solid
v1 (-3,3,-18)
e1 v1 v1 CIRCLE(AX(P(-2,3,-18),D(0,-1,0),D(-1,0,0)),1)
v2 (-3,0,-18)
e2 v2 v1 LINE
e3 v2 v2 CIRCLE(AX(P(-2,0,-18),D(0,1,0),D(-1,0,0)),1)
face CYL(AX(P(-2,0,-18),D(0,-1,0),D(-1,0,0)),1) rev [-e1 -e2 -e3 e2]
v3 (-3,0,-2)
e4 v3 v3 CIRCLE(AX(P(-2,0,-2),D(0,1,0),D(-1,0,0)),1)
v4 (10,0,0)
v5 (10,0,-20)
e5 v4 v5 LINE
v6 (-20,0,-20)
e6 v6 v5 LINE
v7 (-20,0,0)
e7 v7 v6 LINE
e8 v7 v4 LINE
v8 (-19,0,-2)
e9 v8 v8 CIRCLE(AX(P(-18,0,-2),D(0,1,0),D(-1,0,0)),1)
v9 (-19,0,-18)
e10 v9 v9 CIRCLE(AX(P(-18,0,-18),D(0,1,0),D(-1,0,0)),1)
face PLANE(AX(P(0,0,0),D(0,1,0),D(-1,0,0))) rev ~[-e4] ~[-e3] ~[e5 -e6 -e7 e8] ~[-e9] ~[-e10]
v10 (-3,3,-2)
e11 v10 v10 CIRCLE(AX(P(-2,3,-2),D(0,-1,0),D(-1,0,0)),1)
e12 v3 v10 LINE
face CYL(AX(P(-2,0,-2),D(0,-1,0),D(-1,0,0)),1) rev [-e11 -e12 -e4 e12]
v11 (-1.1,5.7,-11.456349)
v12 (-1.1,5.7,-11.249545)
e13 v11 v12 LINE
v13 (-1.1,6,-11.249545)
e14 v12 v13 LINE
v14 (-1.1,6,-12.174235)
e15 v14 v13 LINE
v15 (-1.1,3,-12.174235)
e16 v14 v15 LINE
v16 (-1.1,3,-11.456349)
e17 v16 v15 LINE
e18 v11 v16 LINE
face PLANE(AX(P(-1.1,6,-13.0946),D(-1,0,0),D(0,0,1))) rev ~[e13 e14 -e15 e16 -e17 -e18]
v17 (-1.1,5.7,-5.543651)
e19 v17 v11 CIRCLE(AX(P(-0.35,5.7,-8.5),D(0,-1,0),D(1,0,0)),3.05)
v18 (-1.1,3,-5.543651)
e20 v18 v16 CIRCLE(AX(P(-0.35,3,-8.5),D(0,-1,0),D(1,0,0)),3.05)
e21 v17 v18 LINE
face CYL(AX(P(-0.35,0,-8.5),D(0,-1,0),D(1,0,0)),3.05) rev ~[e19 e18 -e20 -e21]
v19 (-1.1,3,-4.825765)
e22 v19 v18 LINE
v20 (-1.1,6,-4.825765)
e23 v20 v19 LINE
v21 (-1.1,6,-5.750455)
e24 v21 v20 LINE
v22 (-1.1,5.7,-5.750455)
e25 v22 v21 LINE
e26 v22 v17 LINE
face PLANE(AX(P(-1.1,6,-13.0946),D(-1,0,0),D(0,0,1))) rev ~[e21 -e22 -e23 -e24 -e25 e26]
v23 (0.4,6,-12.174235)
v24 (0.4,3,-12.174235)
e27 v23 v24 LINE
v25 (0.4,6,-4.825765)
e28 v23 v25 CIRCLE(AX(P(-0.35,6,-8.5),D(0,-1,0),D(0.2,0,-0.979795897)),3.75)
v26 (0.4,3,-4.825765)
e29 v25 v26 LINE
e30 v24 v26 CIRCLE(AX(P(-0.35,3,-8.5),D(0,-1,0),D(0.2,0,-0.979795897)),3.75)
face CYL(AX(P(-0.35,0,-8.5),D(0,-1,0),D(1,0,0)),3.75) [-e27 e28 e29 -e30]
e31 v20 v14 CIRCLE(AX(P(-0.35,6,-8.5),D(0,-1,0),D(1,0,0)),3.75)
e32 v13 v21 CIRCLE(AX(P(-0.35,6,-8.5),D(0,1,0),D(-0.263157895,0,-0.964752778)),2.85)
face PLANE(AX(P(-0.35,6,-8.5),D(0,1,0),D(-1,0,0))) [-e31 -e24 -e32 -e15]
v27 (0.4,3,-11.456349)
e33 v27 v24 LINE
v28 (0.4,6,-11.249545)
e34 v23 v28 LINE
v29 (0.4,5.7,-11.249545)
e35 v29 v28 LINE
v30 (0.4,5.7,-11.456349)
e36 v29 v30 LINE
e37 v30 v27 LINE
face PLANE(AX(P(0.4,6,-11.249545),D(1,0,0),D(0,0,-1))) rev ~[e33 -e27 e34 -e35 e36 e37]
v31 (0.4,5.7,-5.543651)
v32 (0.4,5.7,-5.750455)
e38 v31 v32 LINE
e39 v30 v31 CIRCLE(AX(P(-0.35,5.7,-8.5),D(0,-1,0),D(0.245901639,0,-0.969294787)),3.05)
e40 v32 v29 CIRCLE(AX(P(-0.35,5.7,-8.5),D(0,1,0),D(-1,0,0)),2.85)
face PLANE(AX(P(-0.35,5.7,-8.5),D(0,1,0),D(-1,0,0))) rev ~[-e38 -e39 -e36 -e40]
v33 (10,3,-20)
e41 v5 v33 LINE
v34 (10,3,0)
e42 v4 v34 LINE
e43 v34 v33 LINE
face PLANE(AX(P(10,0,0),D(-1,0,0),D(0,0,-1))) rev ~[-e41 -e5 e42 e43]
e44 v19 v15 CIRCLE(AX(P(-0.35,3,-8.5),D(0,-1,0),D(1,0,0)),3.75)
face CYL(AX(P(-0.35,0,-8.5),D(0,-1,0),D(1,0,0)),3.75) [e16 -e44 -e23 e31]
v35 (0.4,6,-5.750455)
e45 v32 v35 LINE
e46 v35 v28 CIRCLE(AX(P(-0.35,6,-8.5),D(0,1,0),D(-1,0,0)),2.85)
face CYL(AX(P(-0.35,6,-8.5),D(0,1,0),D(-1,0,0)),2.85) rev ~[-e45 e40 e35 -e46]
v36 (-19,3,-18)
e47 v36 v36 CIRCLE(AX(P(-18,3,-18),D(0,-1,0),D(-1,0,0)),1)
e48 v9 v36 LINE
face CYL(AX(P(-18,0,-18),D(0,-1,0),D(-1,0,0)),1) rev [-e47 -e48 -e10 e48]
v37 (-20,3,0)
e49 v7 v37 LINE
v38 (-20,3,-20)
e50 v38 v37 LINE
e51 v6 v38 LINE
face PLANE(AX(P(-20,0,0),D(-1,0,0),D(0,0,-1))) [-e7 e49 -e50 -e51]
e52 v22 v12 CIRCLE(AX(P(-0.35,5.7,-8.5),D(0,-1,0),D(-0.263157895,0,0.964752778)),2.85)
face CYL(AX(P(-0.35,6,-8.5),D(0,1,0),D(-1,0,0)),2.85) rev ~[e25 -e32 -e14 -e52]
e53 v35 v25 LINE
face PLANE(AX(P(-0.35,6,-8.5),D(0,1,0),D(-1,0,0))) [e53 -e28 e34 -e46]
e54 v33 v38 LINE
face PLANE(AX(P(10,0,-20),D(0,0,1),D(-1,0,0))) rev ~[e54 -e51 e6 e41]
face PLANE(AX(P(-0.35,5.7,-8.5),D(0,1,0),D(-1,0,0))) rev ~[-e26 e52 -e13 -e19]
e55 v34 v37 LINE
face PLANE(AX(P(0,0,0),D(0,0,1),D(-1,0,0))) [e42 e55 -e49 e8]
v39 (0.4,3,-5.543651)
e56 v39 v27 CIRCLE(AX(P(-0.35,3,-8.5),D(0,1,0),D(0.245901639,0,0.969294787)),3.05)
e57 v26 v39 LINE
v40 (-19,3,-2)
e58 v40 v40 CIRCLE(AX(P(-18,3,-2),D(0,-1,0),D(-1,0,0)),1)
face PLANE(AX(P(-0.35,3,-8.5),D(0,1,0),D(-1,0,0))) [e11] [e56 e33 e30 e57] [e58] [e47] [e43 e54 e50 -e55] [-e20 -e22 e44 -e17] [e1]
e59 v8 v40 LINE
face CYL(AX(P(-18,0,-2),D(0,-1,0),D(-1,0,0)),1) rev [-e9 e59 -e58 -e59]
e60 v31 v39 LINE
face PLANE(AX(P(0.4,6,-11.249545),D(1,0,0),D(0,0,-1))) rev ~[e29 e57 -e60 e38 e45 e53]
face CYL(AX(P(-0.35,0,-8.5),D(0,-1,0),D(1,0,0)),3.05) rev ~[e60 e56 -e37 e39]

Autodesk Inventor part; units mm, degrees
ref_plane "YZ Plane" through (0, 0, 0) normal (1, 0, 0) x (0, 1, 0)
ref_plane "XZ Plane" through (0, 0, 0) normal (0, 1, 0) x (-1, 0, 0)
ref_plane "XY Plane" through (0, 0, 0) normal (0, 0, 1) x (1, 0, 0)
sketch "Sketch1" plane through (0, 0, 0) normal (0, 1, 0) x (-1, 0, 0)
  line L0 (0, 0) -> (20, 0)
  line L1 (20, 0) -> (20, -20)
  line L2 (20, -20) -> (0, -20)
  line L3 (0, -20) -> (0, 0)
  line L4 (20, 0) -> (18, 0)
  line L5 (18, 0) -> (18, -2)
  line L6 (18, -2) -> (20, -2)
  line L7 (20, -2) -> (20, 0)
  line L8 (20, -20) -> (18, -20)
  line L9 (18, -20) -> (18, -18)
  line L10 (18, -18) -> (20, -18)
  line L11 (20, -18) -> (20, -20)
  line L12 (0, 0) -> (2, 0)
  line L13 (2, 0) -> (2, -2)
  line L14 (2, -2) -> (0, -2)
  line L15 (0, -2) -> (0, 0)
  line L16 (0, -20) -> (2, -20)
  line L17 (2, -20) -> (2, -18)
  line L18 (2, -18) -> (0, -18)
  line L19 (0, -18) -> (0, -20)
  circle A0 centre (2, -2) radius 1
  circle A1 centre (2, -18) radius 1
  circle A2 centre (18, -18) radius 1
  circle A3 centre (18, -2) radius 1
  line L20 (0, 0) -> (-10, 0)
  line L21 (-10, 0) -> (-10, -20)
  line L22 (-10, -20) -> (0, -20)
  line L23 (0, -20) -> (0, 0)
  dimension "d0" = 20
  dimension "d1" = 20
  dimension "d2" = 2
  dimension "d3" = 2
  dimension "d4" = 2
  dimension "d5" = 2
  dimension "d6" = 2
  dimension "d7" = 2
  dimension "d8" = 2
  dimension "d9" = 2
  dimension "d10" = 2
  dimension "d11" = 2
  dimension "d12" = 2
  dimension "d13" = 2
  dimension "d16" = 10
extrude "Extrusion1" add sketch "Sketch1" along normal blind 3 contours L0 L13 A0 L14 L3 | L3 L22 L21 L20 | L0 L5 A3 L6 L1 L10 A2 L9 L2 L17 A1 L18 L3 L14 A0 L13 | L0 L1 L6 A3 L5 | L18 A1 L17 L2 L3 | L1 L2 L9 A2 L10
sketch "Sketch2" plane through (0, 0, 0) normal (0, -1, 0) x (1, 0, 0)
  line L0 (-20, 0) -> (10, 0) projected
  line L1 (10, 0) -> (-0.35, 0)
  line L2 (-0.35, 0) -> (-0.35, -8.5)
  line L3 (-0.35, -8.5) -> (10, -8.5)
  line L4 (10, -8.5) -> (10, 0)
  circle A0 centre (-0.35, -8.5) radius 3.05
  circle A1 centre (-0.35, -8.5) radius 3.75
  point P0 (0, 0)
  dimension "d17" = 10.35
  dimension "d18" = 8.5
  dimension "d19" = 6.1
  dimension "d20" = 7.5
extrude "Extrusion2" add sketch "Sketch2" against normal blind 6 contours A1 L3 A0 L2 | L2 A0 L3 A1
sketch "Sketch3" plane through (-0.35, 6, -8.5) normal (0, 1, 0) x (-1, 0, 0)
  circle A0 centre (0, 0) radius 3.05 projected
  circle A1 centre (0, 0) radius 3.05
  circle A2 centre (0, 0) radius 2.85
  point P0 (-0.35, 8.5)
  dimension "d23" = 5.7
extrude "Extrusion3" add sketch "Sketch3" against normal blind 0.3
sketch "Sketch4" plane through (-0.35, 6, -8.5) normal (0, 1, 0) x (-1, 0, 0)
  line L0 (-0.75, -4.5946) -> (0.75, -4.5946)
  line L1 (0.75, -4.5946) -> (0.75, 4.5946)
  line L2 (0.75, 4.5946) -> (-0.75, 4.5946)
  line L3 (-0.75, 4.5946) -> (-0.75, -4.5946)
  circle A0 centre (0, 0) radius 2.85 projected
  line L4 (-0.75, -4.5946) -> (0.75, 4.5946) construction
  line L5 (0.75, -4.5946) -> (-0.75, 4.5946) construction
  point P0 (-0.35, 8.5)
  dimension "d26" = 1.5
extrude "Extrusion4" cut sketch "Sketch4" against normal blind 3 contours L3 A0 L1 L0 | L3 A0 L1 | L3 L2 L1 A0
properties part number "bearing_support"
